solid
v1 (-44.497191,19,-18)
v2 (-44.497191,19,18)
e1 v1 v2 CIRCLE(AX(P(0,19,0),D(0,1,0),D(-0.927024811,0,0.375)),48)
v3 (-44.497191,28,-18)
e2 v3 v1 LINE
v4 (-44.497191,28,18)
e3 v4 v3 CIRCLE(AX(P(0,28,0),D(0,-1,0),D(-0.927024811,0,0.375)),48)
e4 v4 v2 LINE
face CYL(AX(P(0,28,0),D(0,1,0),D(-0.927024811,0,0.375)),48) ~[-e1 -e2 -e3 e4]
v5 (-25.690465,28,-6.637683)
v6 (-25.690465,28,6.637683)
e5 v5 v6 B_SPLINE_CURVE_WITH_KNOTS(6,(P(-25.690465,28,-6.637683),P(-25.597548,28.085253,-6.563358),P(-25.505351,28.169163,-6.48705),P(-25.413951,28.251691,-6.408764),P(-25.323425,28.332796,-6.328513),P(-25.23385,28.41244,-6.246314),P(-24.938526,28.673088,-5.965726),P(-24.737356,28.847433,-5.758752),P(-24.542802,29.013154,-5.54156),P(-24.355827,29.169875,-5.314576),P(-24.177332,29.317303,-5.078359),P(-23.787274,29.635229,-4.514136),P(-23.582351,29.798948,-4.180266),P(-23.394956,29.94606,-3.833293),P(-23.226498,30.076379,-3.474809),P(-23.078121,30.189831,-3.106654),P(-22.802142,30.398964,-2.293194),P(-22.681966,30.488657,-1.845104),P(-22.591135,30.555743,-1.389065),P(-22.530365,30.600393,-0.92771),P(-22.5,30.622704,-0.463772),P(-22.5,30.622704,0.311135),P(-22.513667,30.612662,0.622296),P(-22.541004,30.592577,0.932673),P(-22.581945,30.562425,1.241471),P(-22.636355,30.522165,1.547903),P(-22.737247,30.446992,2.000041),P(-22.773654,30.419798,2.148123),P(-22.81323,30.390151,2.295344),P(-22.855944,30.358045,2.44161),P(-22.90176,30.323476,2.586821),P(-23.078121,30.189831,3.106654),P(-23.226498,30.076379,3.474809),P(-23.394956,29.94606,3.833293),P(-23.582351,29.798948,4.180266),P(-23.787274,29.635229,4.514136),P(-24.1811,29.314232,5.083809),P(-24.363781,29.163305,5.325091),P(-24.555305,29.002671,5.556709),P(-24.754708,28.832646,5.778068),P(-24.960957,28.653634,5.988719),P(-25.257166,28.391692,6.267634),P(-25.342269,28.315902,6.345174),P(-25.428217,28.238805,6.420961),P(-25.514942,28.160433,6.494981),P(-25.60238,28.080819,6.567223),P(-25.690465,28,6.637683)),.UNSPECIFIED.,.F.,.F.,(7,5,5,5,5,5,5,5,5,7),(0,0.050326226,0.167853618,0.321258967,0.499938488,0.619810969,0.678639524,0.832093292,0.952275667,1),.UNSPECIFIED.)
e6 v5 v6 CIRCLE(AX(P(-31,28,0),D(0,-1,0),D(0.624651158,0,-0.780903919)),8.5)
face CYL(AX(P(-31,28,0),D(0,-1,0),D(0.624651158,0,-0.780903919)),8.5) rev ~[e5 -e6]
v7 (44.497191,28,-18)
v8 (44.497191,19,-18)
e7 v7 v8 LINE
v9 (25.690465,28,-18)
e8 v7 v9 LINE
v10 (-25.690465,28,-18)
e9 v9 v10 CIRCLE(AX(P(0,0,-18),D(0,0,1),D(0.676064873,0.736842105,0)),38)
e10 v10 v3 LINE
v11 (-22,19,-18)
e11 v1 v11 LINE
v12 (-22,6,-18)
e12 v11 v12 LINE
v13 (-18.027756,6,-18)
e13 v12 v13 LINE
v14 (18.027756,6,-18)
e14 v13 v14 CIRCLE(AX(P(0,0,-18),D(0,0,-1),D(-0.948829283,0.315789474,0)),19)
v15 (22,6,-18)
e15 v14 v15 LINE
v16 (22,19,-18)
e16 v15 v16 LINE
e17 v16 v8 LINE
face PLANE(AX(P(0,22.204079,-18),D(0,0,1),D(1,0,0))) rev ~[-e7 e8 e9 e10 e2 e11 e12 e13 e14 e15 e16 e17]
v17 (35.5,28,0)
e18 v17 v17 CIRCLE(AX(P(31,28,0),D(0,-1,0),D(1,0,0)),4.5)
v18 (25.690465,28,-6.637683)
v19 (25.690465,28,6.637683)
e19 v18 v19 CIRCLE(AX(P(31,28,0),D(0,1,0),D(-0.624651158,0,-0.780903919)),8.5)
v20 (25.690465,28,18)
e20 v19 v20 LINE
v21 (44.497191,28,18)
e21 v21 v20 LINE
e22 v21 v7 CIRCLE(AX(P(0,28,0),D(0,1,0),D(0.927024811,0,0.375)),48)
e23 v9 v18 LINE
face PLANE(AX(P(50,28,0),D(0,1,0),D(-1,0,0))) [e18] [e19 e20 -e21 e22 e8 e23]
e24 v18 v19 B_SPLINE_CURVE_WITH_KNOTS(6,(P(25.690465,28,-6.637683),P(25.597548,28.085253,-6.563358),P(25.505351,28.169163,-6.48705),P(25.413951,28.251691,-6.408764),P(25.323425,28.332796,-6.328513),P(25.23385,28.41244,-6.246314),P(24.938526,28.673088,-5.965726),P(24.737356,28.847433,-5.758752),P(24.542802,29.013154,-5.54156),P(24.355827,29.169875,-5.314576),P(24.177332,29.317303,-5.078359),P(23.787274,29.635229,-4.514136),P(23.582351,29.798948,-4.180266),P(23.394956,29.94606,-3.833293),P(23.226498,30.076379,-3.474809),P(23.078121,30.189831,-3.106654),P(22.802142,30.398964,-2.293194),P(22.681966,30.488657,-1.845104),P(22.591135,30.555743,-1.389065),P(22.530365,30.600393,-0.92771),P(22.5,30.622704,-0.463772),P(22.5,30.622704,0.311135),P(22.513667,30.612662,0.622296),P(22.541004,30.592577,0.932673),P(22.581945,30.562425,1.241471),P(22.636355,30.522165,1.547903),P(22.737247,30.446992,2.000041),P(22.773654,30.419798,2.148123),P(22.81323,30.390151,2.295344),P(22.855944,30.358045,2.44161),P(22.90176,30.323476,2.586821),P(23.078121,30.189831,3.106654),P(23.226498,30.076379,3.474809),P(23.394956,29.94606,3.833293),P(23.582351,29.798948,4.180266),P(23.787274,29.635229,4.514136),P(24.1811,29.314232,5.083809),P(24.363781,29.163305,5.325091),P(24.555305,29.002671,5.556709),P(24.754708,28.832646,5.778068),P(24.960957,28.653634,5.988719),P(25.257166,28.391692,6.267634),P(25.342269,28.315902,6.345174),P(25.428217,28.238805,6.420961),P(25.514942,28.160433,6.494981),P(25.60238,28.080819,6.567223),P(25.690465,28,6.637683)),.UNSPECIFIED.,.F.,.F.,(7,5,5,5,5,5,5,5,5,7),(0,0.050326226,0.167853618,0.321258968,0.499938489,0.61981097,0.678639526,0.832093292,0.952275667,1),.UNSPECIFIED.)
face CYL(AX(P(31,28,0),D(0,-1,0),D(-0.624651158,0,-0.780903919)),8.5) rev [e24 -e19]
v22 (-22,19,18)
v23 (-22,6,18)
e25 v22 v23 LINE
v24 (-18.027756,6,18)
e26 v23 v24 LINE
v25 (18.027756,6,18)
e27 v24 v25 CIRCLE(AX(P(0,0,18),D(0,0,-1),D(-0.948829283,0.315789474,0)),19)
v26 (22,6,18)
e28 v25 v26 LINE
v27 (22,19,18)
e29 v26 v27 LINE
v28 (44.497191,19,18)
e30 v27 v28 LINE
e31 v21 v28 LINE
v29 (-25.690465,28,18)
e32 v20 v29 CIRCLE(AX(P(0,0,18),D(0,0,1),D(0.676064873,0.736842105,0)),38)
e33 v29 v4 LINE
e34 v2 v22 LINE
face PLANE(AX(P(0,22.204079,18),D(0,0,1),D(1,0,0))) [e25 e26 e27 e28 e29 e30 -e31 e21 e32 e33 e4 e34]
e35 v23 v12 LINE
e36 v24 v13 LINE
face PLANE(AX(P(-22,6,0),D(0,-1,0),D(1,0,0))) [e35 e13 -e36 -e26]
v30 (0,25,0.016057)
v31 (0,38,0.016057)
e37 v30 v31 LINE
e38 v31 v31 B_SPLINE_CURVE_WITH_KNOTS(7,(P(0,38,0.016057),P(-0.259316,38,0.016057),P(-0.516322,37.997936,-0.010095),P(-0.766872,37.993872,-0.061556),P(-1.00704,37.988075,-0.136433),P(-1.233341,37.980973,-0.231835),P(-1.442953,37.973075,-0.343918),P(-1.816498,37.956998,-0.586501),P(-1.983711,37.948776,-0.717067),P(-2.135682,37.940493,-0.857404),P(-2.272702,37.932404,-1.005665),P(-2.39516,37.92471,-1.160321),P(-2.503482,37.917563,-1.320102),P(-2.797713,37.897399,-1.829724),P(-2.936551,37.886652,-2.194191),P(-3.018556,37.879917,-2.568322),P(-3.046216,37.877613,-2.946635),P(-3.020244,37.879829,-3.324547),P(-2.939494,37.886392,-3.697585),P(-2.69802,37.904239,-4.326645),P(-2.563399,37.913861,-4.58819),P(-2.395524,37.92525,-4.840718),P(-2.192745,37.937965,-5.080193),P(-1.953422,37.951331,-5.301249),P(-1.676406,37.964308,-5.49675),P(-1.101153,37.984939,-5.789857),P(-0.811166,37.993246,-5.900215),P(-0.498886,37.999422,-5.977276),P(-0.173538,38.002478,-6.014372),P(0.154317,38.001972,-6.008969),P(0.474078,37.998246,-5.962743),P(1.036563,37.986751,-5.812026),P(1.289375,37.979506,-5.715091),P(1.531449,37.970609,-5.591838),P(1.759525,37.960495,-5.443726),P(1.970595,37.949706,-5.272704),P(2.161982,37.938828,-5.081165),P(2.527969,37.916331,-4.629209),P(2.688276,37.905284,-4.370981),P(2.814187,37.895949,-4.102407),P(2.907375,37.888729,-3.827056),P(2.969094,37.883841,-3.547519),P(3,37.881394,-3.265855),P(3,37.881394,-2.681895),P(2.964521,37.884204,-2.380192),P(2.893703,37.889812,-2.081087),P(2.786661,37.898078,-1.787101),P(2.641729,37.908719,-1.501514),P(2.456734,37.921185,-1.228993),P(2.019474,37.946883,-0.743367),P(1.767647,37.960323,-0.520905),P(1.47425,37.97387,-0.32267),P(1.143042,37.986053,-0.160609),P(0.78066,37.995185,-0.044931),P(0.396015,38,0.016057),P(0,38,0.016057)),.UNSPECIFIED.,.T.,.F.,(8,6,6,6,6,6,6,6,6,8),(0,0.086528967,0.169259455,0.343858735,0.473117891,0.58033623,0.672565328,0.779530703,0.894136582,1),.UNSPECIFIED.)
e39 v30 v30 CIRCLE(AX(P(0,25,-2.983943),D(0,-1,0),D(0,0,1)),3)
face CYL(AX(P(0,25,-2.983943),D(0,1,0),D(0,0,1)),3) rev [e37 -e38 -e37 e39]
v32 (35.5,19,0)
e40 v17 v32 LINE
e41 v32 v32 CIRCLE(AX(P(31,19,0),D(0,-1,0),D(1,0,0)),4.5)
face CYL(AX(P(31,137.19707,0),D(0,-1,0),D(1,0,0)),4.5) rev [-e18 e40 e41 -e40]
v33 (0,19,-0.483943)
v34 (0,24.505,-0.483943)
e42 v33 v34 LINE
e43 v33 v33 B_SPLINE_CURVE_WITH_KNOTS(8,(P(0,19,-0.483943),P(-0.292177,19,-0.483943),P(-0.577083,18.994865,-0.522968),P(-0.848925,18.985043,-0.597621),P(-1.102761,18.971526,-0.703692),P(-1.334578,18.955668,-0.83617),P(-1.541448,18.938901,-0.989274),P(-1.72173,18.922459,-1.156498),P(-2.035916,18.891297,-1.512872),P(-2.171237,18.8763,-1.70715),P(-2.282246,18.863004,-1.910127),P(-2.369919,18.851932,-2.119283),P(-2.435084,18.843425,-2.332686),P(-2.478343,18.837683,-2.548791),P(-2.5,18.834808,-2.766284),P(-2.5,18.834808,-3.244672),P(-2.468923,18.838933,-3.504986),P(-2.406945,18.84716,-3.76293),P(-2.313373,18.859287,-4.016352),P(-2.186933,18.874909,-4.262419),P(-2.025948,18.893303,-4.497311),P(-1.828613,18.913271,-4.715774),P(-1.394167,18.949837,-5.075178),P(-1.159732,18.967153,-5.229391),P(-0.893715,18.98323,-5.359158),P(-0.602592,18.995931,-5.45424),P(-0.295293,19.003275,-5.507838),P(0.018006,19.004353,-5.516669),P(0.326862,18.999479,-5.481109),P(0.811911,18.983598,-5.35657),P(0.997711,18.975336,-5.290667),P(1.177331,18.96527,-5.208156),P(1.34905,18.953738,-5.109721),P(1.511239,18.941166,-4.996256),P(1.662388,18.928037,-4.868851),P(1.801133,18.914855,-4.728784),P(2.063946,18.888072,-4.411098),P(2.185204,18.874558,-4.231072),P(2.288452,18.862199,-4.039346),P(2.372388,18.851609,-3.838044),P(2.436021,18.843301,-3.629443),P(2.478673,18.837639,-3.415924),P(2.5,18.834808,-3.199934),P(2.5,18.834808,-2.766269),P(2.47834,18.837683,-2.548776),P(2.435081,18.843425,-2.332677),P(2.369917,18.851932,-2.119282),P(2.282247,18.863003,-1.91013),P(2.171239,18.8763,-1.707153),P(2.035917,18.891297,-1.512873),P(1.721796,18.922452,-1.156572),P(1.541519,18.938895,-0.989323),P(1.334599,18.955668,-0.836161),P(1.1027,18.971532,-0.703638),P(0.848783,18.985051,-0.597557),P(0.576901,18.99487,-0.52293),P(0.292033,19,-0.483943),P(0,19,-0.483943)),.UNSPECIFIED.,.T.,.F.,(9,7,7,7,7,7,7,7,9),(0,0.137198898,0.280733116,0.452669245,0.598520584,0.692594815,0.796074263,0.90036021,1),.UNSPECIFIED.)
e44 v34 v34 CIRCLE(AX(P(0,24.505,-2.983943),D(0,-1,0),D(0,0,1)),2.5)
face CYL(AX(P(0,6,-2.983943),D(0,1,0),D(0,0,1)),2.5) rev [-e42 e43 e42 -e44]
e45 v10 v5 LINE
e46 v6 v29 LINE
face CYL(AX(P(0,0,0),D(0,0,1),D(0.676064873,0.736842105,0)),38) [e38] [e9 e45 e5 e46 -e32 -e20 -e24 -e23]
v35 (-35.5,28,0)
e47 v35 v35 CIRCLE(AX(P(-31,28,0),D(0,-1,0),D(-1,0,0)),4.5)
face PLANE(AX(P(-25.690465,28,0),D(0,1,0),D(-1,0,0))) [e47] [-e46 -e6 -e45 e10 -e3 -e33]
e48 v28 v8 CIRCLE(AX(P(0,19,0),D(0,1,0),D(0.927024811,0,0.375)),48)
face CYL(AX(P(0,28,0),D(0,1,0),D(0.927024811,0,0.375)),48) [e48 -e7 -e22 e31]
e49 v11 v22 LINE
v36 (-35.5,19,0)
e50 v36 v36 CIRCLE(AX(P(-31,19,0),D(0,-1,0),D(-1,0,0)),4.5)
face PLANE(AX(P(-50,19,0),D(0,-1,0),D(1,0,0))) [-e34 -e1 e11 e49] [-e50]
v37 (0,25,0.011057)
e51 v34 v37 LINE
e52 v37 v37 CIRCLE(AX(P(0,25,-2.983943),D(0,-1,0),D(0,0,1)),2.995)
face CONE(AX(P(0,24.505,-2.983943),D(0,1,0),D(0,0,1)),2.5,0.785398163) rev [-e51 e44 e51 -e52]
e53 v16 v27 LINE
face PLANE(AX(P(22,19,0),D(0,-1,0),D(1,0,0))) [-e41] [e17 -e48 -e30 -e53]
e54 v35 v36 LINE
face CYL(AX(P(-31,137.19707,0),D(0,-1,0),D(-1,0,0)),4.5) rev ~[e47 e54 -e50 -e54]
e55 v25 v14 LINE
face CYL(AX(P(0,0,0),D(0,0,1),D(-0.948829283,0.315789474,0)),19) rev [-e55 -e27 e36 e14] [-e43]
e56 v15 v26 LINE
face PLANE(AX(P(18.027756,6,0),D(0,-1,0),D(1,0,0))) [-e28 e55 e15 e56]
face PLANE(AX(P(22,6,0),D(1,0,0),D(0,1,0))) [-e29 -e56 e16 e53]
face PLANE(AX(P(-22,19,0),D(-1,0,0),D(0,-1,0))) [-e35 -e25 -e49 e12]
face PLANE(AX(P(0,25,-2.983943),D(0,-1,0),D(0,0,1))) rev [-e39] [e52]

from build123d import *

# Parameters (mm, degrees)
BOSS_EXTRUDE1_DEPTH    = 18
CUT_EXTRUDE1_DEPTH     = 23
F_12_0MM_DOWEL_HOLE3_D = 9
CUT_EXTRUDE5_DEPTH     = 36


with BuildPart() as part:
    # Sketch1 → Boss-Extrude1 (new body, symmetric)
    with BuildSketch(Plane.XY):
        with BuildLine():
            Line((18.027756377, 6), (22, 6))
            Line((22, 6), (22, 19))
            Line((22, 19), (50, 19))
            Line((50, 19), (50, 28))
            Line((50, 28), (25.690465157, 28))
            ThreePointArc((25.690465157, 28), (0, 38), (-25.690465157, 28))
            Line((-25.690465157, 28), (-50, 28))
            Line((-50, 28), (-50, 19))
            Line((-50, 19), (-22, 19))
            Line((-22, 19), (-22, 6))
            Line((-22, 6), (-18.027756377, 6))
            ThreePointArc((-18.027756377, 6), (0, 19), (18.027756377, 6))
        make_face()
    extrude(amount=BOSS_EXTRUDE1_DEPTH, both=True)

    # Sketch3 → Cut-Extrude1 (cut, through all)
    with BuildSketch(Plane(origin=(0, 28, 0), x_dir=(1, 0, 0), z_dir=(0, 1, 0))):
        with BuildLine():
            Line((-44.497190923, 18), (-50, 18))
            Line((-50, 18), (-50, -18))
            Line((-50, -18), (-44.497190923, -18))
            ThreePointArc((-44.497190923, -18), (-48, 0), (-44.497190923, 18))
        make_face()
    cut_extrude1 = extrude(amount=-CUT_EXTRUDE1_DEPTH, mode=Mode.SUBTRACT)

    # Ø12.0mm Dowel Hole3 (through all)
    with Locations(Plane(origin=(0, 28, 0), x_dir=(1, 0, 0), z_dir=(0, 1, 0))):
        with Locations((-31, 0)):
            f_12_0mm_dowel_hole3 = Hole(F_12_0MM_DOWEL_HOLE3_D / 2)

    # Sketch17 → Cut-Extrude5 (cut)
    with BuildSketch(Plane(origin=(0, 28, 0), x_dir=(1, 0, 0), z_dir=(0, 1, 0))):
        with BuildLine():
            Line((-25.690465157, -6.637683312), (-25.690465157, 6.637683312))
            ThreePointArc((-25.690465157, 6.637683312), (-22.5, 0), (-25.690465157, -6.637683312))
        make_face()
    cut_extrude5 = extrude(amount=CUT_EXTRUDE5_DEPTH, mode=Mode.SUBTRACT)

    # Sketch20 → CBORE for M6 Hex Head Bolt1 (revolve, cut)
    with BuildSketch(Plane(origin=(0, 38, -2.983943356), x_dir=(0, 0, 1), z_dir=(1, 0, 0))):
        Polygon((0, 0), (0, 32), (2.5, 32), (2.5, 13.495), (2.995, 13), (3, 13), (3, 0), align=None)
    revolve(axis=Axis((0, 44.35, -2.983943356), (0, -1, 0)), mode=Mode.SUBTRACT)

    # Mirror1: Cut-Extrude1, Ø12.0mm Dowel Hole3, Cut-Extrude5 across plane
    add(cut_extrude1.mirror(Plane(origin=(0, 0, 0), x_dir=(0, 0, 1), z_dir=(1, 0, 0))), mode=Mode.SUBTRACT)
    add(f_12_0mm_dowel_hole3.mirror(Plane(origin=(0, 0, 0), x_dir=(0, 0, 1), z_dir=(1, 0, 0))), mode=Mode.SUBTRACT)
    add(cut_extrude5.mirror(Plane(origin=(0, 0, 0), x_dir=(0, 0, 1), z_dir=(1, 0, 0))), mode=Mode.SUBTRACT)


solid = part.part
